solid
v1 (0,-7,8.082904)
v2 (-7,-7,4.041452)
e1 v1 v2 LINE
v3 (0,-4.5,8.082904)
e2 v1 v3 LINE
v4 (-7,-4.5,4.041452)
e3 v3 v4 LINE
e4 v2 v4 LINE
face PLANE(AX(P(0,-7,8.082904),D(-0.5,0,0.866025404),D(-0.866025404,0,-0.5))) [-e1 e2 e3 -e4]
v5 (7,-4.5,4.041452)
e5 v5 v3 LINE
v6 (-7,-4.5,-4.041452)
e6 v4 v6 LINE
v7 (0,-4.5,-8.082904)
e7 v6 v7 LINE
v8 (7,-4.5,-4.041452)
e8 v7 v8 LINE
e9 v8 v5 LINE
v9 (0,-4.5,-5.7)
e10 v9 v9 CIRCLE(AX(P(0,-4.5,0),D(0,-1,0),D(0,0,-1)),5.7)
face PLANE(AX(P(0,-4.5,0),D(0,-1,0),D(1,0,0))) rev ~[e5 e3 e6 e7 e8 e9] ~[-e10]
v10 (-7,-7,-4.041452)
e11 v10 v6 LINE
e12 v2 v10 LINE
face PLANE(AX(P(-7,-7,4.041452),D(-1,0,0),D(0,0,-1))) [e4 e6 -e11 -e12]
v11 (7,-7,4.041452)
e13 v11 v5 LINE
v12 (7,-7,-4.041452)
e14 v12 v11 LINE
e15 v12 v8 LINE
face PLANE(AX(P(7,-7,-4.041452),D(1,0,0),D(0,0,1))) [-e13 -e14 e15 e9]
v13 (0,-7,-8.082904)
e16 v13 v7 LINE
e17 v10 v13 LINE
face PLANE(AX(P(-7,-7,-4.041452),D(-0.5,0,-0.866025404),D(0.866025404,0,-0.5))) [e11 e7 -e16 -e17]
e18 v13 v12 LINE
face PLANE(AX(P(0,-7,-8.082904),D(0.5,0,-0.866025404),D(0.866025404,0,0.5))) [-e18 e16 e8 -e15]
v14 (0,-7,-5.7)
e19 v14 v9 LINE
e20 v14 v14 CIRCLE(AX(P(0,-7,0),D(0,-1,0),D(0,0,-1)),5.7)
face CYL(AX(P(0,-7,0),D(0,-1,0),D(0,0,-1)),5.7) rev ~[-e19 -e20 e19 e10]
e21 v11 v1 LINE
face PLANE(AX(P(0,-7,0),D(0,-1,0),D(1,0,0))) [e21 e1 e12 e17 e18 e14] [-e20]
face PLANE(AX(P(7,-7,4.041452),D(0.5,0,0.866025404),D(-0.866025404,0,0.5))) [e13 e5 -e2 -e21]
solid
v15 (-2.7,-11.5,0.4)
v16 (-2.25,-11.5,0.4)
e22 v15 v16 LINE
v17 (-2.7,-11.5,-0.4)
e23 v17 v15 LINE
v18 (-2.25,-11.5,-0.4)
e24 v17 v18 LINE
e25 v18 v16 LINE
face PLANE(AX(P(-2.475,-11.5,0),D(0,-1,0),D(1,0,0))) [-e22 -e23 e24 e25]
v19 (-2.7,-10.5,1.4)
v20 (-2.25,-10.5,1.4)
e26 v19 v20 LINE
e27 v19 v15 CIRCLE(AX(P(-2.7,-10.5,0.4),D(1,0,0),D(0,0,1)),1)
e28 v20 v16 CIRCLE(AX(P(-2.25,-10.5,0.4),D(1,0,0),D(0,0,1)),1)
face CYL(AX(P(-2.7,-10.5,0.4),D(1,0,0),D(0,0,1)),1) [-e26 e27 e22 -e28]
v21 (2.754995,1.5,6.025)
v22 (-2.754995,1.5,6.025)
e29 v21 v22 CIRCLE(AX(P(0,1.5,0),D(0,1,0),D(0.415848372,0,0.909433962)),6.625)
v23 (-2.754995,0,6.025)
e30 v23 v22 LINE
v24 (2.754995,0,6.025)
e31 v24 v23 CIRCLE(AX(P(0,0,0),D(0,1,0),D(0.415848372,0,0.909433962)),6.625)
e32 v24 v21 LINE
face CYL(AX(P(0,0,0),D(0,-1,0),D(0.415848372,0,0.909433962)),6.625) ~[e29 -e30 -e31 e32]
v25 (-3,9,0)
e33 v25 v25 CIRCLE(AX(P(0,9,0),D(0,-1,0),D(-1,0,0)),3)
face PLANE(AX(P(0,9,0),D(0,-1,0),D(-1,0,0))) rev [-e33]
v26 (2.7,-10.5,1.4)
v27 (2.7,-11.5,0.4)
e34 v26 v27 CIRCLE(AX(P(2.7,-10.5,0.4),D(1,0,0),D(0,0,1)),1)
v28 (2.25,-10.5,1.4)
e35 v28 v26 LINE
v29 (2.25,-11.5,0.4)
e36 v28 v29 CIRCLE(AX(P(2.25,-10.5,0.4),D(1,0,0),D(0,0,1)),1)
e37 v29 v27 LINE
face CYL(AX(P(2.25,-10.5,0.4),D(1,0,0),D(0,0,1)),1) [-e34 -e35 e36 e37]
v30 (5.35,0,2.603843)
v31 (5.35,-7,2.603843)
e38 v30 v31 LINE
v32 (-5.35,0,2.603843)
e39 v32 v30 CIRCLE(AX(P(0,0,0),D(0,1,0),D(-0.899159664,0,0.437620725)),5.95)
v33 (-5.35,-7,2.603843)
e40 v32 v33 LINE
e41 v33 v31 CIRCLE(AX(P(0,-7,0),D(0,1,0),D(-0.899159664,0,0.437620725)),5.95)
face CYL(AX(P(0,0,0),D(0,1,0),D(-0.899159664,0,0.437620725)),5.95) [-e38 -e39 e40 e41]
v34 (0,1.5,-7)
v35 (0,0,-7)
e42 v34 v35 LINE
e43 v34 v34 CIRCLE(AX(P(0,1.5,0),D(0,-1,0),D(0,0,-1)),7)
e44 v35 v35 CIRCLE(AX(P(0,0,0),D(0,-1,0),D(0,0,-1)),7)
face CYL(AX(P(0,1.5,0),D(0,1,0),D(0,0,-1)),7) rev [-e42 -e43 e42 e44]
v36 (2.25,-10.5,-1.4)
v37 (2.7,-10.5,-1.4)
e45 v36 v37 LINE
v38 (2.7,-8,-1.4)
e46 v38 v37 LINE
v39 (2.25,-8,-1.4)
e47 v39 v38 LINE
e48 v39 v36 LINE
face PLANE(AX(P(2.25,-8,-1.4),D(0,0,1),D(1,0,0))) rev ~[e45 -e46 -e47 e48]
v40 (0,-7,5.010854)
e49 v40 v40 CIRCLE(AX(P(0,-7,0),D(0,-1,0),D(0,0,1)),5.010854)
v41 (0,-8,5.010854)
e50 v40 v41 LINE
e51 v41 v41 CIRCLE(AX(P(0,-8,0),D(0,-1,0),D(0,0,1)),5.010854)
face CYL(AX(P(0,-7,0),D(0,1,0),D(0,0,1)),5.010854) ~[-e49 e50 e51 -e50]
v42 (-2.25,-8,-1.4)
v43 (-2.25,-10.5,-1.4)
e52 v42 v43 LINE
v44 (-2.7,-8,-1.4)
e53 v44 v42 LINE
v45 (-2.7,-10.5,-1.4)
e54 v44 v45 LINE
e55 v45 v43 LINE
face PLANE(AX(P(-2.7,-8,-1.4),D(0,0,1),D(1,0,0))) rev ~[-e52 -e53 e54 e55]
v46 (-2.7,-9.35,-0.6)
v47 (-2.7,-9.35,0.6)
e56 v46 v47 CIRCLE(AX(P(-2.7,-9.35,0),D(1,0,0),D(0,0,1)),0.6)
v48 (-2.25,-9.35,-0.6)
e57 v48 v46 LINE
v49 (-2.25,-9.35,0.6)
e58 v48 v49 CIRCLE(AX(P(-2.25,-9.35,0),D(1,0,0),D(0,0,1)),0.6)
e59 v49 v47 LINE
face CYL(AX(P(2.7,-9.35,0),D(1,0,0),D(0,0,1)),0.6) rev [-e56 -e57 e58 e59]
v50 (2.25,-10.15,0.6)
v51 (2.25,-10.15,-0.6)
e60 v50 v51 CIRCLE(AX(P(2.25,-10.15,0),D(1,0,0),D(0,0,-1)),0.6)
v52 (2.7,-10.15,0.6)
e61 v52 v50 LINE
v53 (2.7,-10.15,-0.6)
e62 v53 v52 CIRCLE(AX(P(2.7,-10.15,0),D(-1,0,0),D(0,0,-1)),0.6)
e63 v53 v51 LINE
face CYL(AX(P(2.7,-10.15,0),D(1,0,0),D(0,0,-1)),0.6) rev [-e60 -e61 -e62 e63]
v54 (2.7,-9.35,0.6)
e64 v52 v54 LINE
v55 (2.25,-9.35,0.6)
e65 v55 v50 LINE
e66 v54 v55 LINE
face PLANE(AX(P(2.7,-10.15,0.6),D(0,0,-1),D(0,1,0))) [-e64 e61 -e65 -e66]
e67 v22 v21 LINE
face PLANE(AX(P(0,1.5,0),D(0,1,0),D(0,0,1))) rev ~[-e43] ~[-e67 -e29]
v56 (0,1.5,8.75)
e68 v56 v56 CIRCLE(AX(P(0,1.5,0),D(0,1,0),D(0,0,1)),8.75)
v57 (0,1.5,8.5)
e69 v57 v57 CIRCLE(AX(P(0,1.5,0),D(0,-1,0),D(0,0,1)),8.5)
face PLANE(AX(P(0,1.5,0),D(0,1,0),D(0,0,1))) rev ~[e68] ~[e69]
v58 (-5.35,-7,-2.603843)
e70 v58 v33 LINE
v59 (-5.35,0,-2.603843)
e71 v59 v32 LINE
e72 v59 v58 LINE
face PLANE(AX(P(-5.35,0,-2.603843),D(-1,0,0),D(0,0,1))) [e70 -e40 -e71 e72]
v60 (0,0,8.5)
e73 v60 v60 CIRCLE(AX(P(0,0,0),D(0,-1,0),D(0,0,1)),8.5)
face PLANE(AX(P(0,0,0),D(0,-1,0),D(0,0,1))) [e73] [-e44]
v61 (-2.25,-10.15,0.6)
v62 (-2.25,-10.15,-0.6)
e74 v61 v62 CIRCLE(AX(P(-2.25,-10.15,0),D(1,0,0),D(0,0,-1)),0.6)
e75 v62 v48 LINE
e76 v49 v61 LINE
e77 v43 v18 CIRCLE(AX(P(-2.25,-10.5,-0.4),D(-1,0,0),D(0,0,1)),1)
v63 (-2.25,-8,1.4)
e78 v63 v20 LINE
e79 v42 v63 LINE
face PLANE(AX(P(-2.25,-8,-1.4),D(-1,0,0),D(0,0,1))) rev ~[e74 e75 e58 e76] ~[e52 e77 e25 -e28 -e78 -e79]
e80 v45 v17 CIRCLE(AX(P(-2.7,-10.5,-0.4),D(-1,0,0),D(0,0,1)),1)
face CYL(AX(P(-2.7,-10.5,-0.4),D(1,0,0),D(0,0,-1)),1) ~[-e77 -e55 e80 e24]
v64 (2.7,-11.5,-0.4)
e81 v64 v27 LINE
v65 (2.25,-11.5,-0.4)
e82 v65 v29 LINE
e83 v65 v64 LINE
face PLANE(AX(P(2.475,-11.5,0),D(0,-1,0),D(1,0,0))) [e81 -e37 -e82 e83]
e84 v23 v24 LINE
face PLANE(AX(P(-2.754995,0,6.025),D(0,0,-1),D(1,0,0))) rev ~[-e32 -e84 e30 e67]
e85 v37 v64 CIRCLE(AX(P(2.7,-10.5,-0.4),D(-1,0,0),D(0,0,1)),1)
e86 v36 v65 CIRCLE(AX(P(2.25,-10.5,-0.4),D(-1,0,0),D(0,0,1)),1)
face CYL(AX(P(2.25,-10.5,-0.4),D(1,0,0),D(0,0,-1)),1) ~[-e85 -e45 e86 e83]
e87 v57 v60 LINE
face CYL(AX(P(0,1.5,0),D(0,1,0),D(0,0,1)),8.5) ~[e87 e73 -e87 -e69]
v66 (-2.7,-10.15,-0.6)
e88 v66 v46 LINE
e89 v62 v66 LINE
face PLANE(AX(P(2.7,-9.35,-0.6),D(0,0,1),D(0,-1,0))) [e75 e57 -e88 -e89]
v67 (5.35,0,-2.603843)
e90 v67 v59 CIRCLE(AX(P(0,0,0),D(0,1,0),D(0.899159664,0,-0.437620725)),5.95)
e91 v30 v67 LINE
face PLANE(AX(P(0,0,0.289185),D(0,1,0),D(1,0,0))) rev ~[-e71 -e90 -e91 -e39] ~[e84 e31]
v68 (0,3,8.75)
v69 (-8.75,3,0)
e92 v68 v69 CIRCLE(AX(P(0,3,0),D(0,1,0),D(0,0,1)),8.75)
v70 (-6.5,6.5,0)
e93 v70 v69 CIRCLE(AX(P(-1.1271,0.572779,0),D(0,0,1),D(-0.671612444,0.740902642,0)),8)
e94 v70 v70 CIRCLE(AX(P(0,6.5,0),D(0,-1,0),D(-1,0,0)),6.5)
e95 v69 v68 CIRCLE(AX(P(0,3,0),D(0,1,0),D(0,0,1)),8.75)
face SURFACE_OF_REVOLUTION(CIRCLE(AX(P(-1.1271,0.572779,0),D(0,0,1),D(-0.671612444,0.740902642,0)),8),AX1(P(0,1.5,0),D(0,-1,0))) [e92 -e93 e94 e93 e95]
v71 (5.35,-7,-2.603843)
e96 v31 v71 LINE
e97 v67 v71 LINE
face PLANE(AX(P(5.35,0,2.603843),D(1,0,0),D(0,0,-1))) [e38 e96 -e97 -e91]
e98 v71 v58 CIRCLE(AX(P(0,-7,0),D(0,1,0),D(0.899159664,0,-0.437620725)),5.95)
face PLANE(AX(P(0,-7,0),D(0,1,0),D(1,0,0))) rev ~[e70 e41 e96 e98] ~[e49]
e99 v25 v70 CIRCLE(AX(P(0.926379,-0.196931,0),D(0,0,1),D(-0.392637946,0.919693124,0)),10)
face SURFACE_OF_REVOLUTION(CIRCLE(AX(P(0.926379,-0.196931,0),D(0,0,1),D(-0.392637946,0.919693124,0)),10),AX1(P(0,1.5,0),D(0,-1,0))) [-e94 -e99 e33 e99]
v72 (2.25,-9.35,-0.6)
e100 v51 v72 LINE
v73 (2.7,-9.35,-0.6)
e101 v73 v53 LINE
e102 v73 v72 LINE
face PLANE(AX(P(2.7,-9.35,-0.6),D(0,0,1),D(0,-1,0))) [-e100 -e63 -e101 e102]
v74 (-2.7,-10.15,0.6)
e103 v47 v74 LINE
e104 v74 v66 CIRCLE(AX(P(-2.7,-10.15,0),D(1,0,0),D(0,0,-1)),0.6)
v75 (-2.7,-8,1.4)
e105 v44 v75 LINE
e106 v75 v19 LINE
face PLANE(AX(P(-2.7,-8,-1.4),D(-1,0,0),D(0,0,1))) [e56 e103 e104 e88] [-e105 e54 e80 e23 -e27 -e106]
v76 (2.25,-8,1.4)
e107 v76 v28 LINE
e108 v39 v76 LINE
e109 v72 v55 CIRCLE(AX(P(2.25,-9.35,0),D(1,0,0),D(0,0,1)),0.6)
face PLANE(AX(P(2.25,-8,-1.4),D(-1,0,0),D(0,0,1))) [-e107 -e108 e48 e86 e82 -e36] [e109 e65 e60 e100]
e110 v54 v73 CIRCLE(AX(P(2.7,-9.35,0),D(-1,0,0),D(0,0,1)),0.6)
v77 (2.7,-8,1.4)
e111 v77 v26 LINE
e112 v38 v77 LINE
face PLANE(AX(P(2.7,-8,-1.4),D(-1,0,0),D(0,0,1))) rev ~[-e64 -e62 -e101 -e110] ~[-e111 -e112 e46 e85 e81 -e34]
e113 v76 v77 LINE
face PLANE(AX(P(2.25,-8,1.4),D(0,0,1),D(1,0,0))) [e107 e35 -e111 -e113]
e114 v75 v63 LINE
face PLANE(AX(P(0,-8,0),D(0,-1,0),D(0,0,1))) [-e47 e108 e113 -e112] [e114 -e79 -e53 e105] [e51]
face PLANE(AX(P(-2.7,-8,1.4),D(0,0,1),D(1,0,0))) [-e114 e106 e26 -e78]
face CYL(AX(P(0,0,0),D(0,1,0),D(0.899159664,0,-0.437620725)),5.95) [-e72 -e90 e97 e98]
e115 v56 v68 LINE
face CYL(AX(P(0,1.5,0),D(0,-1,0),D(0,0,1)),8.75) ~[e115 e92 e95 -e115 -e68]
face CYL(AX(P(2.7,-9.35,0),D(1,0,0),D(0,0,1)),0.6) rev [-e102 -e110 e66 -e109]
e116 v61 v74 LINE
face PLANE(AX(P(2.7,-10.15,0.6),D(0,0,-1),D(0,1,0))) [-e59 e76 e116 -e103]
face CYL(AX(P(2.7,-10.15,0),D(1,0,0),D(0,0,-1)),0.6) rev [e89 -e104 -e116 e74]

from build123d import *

# Parameters (mm, degrees)
BOSS_EXTRUDE1_DEPTH = 7
BOSS_EXTRUDE2_DEPTH = 1.5
SKETCH3_R           = 8.75
BOSS_EXTRUDE3_DEPTH = 1.5
SKETCH5_R           = 5.010854022
BOSS_EXTRUDE4_DEPTH = 1
SKETCH6_W           = 0.45
SKETCH6_H           = 2.8
BOSS_EXTRUDE5_DEPTH = 3.5
CUT_EXTRUDE1_DEPTH  = 19.436783994
FILLET1_R           = 1
SKETCH8_R           = 8.5
SKETCH8_R_2         = 7
BOSS_EXTRUDE6_DEPTH = 1.5
SKETCH9_R           = 5.7
BOSS_EXTRUDE7_DEPTH = 2.5


with BuildPart() as part:
    # Sketch1 → Boss-Extrude1 (new body)
    with BuildSketch(Plane(origin=(0, 0, 0), x_dir=(1, 0, 0), z_dir=(0, 1, 0))):
        with BuildLine():
            Line((-5.35, 2.603843313), (-5.35, -2.603843313))
            ThreePointArc((-5.35, -2.603843313), (0, -5.95), (5.35, -2.603843313))
            Line((5.35, -2.603843313), (5.35, 2.603843313))
            ThreePointArc((5.35, 2.603843313), (0, 5.95), (-5.35, 2.603843313))
        make_face()
    extrude(amount=-BOSS_EXTRUDE1_DEPTH)

    # Sketch2 → Boss-Extrude2 (add)
    with BuildSketch(Plane(origin=(0, 0, 0), x_dir=(1, 0, 0), z_dir=(0, 1, 0))):
        with BuildLine():
            Line((-2.754995463, -6.025), (2.754995463, -6.025))
            ThreePointArc((2.754995463, -6.025), (0, 6.625), (-2.754995463, -6.025))
        make_face()
    extrude(amount=BOSS_EXTRUDE2_DEPTH)

    # Sketch3 → Boss-Extrude3 (add)
    with BuildSketch(Plane(origin=(0, 1.5, 0), x_dir=(1, 0, 0), z_dir=(0, 1, 0))):
        with Locations(Location((0, 0, 0), (0, 0, 270))):
            Circle(SKETCH3_R)
    extrude(amount=BOSS_EXTRUDE3_DEPTH)

    # Sketch4 → Revolve2 (revolve)
    with BuildSketch(Plane.XY):
        with BuildLine():
            Line((0, 1.5), (0, 6.5))
            Line((0, 6.5), (0, 9))
            Line((0, 9), (-3, 9))
            ThreePointArc((-3, 9), (-4.886002476, 7.940403467), (-6.5, 6.5))
            ThreePointArc((-6.5, 6.5), (-7.856528253, 4.898839592), (-8.75, 3))
            Line((-8.75, 3), (-8.75, 1.5))
            Line((-8.75, 1.5), (0, 1.5))
        make_face()
    revolve(axis=Axis((0, 1.5, 0), (0, -1, 0)))

    # Sketch5 → Boss-Extrude4 (add)
    with BuildSketch(Plane.XZ.offset(7)):
        with Locations(Location((0, 0, 0), (0, 0, 90))):
            Circle(SKETCH5_R)
    extrude(amount=BOSS_EXTRUDE4_DEPTH)

    # Sketch6 → Boss-Extrude5 (add)
    with BuildSketch(Plane.XZ.offset(8)):
        with Locations((-2.475, 0)):
            Rectangle(SKETCH6_W, SKETCH6_H)
        with Locations((2.475, 0)):
            Rectangle(SKETCH6_W, SKETCH6_H)
    extrude(amount=BOSS_EXTRUDE5_DEPTH)

    # Sketch7 → Cut-Extrude1 (cut, through all)
    with BuildSketch(Plane(origin=(2.7, 0, 0), x_dir=(0, 0, -1), z_dir=(1, 0, 0))):
        with BuildLine():
            Line((0.6, -9.35), (0.6, -10.15))
            ThreePointArc((0.6, -10.15), (0, -10.75), (-0.6, -10.15))
            Line((-0.6, -10.15), (-0.6, -9.35))
            ThreePointArc((-0.6, -9.35), (0, -8.75), (0.6, -9.35))
        make_face()
    extrude(amount=-CUT_EXTRUDE1_DEPTH, mode=Mode.SUBTRACT)

    # Fillet1
    fillet1_edges = [part.edges().sort_by_distance(p)[0] for p in [
        (-2.475, -11.5, -1.4),
        (-2.475, -11.5, 1.4),
        (2.475, -11.5, 1.4),
        (2.475, -11.5, -1.4),
    ]]
    fillet(fillet1_edges, radius=FILLET1_R)

    # Sketch8 → Boss-Extrude6 (add)
    with BuildSketch(Plane.XZ.offset(-1.5)):
        with Locations(Location((0, 0, 0), (0, 0, 90))):
            Circle(SKETCH8_R)
        with Locations(Location((0, 0, 0), (0, 0, 270))):
            Circle(SKETCH8_R_2, mode=Mode.SUBTRACT)
    extrude(amount=BOSS_EXTRUDE6_DEPTH)


with BuildPart() as body_2:
    # Sketch9 → Boss-Extrude7 (new body)
    with BuildSketch(Plane.XZ.offset(7)):
        Polygon((0, -8.082903769), (7, -4.041451884), (7, 4.041451884), (0, 8.082903769), (-7, 4.041451884), (-7, -4.041451884), align=None)
        with Locations(Location((0, 0, 0), (0, 0, 270))):
            Circle(SKETCH9_R, mode=Mode.SUBTRACT)
    extrude(amount=-BOSS_EXTRUDE7_DEPTH)


solid = Compound([part.part, body_2.part])
